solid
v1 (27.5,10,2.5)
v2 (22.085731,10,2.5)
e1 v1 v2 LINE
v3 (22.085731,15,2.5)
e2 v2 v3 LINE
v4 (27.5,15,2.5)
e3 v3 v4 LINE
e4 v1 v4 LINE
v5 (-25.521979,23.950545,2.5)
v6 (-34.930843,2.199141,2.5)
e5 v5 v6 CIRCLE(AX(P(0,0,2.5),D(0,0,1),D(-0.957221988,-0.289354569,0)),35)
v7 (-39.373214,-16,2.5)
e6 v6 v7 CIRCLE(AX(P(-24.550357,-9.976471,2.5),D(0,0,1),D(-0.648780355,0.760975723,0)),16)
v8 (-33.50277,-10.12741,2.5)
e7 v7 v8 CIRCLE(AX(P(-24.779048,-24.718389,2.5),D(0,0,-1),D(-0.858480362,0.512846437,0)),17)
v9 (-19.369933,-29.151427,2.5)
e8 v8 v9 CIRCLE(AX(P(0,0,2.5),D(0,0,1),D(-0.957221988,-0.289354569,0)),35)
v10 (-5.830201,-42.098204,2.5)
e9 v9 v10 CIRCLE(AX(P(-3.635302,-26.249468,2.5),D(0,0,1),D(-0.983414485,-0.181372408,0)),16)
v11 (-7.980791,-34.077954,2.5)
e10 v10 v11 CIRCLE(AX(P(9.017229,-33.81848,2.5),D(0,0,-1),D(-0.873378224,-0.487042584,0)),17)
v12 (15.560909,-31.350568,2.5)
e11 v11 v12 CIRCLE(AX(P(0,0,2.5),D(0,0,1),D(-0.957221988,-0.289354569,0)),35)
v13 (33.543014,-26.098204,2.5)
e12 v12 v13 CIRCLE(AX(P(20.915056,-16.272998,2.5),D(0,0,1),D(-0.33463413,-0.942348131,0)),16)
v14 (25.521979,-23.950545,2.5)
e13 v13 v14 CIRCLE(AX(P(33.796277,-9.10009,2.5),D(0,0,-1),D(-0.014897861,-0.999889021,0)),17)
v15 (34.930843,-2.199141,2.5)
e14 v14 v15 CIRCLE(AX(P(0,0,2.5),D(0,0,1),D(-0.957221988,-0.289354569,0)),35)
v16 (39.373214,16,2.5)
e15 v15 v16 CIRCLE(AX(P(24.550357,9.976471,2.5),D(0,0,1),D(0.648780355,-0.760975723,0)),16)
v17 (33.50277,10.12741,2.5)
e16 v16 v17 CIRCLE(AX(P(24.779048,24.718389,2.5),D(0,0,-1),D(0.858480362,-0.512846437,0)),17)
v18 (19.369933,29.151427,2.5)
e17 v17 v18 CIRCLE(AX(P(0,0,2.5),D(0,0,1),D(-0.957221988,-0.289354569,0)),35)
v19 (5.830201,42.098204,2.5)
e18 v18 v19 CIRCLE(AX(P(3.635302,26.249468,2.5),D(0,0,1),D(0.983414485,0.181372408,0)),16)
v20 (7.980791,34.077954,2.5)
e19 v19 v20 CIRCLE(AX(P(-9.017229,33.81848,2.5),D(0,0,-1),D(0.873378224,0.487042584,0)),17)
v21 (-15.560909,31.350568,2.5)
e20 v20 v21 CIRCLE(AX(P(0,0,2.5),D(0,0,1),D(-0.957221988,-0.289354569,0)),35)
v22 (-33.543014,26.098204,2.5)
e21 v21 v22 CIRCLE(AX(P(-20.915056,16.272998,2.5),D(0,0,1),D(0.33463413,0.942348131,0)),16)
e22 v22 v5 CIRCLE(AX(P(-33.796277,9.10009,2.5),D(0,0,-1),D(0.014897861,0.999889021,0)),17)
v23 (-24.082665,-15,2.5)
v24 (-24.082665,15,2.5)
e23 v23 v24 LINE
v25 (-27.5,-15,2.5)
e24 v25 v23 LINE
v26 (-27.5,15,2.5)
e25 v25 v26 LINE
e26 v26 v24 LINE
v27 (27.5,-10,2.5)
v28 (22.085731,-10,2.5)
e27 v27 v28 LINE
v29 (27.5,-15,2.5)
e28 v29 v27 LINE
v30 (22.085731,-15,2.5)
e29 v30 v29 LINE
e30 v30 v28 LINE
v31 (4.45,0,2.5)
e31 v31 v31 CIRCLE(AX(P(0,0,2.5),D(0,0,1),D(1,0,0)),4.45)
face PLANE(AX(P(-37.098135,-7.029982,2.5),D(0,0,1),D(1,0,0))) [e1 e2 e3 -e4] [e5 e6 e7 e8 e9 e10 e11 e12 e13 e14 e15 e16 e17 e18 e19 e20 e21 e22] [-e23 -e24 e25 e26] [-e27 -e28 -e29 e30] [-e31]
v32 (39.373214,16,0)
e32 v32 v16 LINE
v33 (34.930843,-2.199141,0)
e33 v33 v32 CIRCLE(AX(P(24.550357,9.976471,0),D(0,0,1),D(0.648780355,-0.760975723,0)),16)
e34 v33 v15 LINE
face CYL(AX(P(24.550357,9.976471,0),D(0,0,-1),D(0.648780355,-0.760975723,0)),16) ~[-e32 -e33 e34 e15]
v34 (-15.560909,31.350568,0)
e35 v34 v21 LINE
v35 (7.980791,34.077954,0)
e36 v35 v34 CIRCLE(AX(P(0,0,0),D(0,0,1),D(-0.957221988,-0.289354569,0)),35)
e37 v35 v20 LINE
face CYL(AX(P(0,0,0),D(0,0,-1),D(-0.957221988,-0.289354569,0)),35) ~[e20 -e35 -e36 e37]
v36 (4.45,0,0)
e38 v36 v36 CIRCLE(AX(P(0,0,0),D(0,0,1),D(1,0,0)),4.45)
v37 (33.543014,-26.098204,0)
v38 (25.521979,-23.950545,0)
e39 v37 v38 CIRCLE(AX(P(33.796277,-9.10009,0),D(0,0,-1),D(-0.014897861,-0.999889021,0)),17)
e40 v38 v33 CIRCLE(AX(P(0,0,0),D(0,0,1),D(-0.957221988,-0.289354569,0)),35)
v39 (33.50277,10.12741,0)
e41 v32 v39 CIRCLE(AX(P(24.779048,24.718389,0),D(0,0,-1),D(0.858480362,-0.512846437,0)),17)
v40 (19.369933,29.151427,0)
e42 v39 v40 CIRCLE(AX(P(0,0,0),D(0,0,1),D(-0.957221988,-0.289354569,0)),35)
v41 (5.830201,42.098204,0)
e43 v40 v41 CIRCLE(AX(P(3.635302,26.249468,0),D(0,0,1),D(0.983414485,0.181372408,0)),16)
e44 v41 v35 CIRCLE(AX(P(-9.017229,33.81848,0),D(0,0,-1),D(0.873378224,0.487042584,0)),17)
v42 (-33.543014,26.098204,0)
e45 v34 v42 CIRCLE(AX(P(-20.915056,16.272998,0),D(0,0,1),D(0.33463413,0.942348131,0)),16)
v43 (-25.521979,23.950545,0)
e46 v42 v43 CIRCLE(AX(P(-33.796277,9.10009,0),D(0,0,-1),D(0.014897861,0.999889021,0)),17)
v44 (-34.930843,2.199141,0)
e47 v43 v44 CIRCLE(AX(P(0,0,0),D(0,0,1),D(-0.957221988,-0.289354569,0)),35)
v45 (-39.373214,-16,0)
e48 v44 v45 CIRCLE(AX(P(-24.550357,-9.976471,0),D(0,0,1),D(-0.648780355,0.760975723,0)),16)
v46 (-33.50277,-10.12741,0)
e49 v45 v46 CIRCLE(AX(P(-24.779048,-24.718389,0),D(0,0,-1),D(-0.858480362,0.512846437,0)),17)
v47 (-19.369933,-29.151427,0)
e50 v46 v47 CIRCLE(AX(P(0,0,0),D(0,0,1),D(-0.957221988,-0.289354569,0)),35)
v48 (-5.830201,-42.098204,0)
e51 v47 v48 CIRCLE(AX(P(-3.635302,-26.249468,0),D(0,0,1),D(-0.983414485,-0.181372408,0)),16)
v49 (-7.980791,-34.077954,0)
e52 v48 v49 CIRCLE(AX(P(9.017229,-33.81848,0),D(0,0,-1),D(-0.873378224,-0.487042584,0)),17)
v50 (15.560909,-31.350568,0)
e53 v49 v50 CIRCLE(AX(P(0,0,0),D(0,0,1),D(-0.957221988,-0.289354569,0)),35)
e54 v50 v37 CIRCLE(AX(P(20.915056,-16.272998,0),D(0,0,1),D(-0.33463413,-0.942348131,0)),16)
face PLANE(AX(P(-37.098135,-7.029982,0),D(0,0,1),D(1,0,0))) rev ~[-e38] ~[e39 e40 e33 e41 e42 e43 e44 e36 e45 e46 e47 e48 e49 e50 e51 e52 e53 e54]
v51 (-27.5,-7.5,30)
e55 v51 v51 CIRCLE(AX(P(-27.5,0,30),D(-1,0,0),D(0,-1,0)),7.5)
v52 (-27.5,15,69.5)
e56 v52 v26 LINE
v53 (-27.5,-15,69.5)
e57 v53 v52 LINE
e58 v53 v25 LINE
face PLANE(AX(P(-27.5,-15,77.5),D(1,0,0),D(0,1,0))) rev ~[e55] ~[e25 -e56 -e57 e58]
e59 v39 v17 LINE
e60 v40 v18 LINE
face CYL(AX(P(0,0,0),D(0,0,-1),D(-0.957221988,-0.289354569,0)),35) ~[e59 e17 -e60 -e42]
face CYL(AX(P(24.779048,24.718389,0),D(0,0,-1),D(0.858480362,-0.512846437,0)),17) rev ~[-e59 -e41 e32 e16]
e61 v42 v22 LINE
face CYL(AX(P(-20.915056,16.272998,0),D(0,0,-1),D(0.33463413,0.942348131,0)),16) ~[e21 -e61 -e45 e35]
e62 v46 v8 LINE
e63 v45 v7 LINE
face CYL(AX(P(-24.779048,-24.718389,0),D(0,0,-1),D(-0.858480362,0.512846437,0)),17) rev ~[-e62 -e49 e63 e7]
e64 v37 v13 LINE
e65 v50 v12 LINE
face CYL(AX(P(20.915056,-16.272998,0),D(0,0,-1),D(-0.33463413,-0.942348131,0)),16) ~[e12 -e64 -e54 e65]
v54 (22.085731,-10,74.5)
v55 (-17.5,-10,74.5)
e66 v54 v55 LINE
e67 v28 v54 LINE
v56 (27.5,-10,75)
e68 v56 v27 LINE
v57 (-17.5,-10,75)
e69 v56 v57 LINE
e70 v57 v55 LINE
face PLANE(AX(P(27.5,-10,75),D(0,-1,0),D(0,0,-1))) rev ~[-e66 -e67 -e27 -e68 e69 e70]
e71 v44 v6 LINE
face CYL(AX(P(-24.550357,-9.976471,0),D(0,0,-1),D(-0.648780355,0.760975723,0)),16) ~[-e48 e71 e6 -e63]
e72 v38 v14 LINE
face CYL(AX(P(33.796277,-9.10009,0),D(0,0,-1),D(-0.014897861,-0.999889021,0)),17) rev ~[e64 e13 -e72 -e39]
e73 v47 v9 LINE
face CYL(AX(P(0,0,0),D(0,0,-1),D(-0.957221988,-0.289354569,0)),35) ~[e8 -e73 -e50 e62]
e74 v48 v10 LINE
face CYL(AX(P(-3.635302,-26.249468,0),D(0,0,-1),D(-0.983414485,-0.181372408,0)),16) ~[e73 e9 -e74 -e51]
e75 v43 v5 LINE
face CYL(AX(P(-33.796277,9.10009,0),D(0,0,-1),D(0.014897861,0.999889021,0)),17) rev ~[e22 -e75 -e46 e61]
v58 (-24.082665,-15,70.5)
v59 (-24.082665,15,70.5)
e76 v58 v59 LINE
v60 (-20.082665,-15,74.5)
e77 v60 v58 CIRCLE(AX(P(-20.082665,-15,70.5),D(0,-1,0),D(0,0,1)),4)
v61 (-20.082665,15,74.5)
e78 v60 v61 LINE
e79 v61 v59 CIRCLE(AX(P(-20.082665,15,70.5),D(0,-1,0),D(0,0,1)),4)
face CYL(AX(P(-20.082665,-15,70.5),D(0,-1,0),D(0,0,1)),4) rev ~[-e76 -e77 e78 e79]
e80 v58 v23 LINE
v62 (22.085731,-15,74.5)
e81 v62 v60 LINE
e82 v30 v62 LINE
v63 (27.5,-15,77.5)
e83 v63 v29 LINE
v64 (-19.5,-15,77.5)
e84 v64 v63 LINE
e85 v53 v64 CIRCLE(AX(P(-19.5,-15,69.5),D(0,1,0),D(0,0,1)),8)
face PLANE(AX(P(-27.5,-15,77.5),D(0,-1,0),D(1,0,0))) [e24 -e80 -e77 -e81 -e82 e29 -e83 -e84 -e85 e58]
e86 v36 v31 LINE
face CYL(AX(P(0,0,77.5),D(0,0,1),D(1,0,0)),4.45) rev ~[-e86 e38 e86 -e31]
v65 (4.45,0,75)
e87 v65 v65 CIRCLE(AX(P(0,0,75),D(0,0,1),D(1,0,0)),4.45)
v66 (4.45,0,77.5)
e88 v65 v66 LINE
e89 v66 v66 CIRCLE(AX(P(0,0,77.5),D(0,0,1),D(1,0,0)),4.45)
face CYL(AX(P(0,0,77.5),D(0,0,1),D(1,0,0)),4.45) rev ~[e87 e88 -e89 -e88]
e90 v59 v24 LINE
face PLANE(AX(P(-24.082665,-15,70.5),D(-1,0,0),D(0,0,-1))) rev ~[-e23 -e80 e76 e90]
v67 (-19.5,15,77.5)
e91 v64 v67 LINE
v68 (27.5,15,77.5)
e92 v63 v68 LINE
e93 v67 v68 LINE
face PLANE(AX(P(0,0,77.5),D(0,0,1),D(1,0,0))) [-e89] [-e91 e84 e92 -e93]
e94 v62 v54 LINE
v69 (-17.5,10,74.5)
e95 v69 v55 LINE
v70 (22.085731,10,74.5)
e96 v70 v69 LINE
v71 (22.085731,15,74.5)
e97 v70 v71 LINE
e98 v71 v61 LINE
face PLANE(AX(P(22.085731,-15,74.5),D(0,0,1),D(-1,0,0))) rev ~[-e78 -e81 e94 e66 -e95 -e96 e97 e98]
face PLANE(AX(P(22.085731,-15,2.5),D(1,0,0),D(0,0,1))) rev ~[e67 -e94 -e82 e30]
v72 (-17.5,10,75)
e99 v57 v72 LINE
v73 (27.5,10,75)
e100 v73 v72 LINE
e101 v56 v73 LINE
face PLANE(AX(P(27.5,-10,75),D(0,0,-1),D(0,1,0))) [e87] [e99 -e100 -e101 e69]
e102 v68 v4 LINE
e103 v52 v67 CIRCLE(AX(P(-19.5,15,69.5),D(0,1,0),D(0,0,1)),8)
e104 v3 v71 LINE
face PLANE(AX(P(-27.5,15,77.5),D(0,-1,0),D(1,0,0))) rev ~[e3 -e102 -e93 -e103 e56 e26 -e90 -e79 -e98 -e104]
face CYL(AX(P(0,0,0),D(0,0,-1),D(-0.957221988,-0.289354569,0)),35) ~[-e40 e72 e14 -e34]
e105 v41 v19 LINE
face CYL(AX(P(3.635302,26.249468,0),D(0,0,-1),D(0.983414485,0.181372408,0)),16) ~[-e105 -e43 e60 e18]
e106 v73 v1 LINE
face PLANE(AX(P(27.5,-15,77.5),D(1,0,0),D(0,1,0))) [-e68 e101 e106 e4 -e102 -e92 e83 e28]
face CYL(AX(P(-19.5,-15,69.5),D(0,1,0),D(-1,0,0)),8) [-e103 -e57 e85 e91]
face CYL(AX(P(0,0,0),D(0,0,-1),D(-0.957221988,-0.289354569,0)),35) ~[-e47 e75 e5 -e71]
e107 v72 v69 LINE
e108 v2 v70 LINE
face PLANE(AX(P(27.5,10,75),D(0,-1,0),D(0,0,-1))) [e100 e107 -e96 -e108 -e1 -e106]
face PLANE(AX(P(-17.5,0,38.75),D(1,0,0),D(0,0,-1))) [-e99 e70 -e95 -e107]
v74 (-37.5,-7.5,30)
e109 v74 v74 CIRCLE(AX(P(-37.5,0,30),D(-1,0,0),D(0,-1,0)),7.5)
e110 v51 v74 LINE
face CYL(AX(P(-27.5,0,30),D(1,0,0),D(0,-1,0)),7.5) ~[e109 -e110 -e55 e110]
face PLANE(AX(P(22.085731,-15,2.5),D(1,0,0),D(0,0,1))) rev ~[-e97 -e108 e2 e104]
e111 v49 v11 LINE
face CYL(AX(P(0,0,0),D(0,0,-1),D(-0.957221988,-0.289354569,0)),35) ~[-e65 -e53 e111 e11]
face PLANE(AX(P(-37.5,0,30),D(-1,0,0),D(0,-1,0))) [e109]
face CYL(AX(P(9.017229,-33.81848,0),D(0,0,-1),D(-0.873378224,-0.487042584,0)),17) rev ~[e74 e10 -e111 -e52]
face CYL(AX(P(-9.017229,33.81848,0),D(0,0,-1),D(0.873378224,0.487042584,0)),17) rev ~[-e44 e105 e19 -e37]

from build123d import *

# Parameters (mm, degrees)
SKETCH1_R           = 35
BOSS_EXTRUDE1_DEPTH = 2.5
SKETCH11_R          = 4.45
CUT_EXTRUDE5_DEPTH  = 10
BOSS_EXTRUDE4_START = 75
SKETCH5_W           = 55
SKETCH5_H           = 30
SKETCH5_R           = 4.45
BOSS_EXTRUDE4_DEPTH = 75
SKETCH6_W           = 72.5
SKETCH6_H           = 20
CUT_EXTRUDE2_DEPTH  = 45
SKETCH7_R           = 7.5
BOSS_EXTRUDE5_DEPTH = 10
CUT_EXTRUDE3_DEPTH  = 30
FILLET1_R           = 8


with BuildPart() as part:
    # Sketch1 → Boss-Extrude1 (new body)
    with BuildSketch(Plane.XY):
        with BuildLine():
            ThreePointArc((-33.502769568, -10.1274099), (-34.767453022, -4.027928789), (-34.930842804, 2.199140974))
            ThreePointArc((-34.930842804, 2.199140974), (-40.093982991, -6.182304711), (-39.373214245, -16))
            ThreePointArc((-39.373214245, -16), (-36.802059341, -12.69977052), (-33.502769568, -10.1274099))
        make_face()
        Circle(SKETCH1_R)
        with BuildLine():
            ThreePointArc((-25.521979032, 23.950544593), (-20.872015167, 28.095533148), (-15.560909452, 31.350567731))
            ThreePointArc((-15.560909452, 31.350567731), (-25.401024429, 31.631255454), (-33.543013583, 26.098203765))
            ThreePointArc((-33.543013583, 26.098203765), (-29.399353563, 25.521633041), (-25.521979032, 23.950544593))
        make_face()
        with BuildLine():
            ThreePointArc((7.980790536, 34.077954493), (13.895437855, 32.123461937), (19.369933352, 29.151426756))
            ThreePointArc((19.369933352, 29.151426756), (14.692958562, 37.813560165), (5.830200662, 42.098203765))
            ThreePointArc((5.830200662, 42.098203765), (7.402705778, 38.221403561), (7.980790536, 34.077954493))
        make_face()
        with BuildLine():
            ThreePointArc((34.930842804, -2.199140974), (40.093982991, 6.182304711), (39.373214245, 16))
            ThreePointArc((39.373214245, 16), (36.802059341, 12.69977052), (33.502769568, 10.1274099))
            ThreePointArc((33.502769568, 10.1274099), (34.623669179, 5.11874326), (35, 0))
            ThreePointArc((35, 0), (34.982706429, -1.100114056), (34.930842804, -2.199140974))
        make_face()
        with BuildLine():
            ThreePointArc((33.543013583, -26.098203765), (29.399353563, -25.521633041), (25.521979032, -23.950544593))
            ThreePointArc((25.521979032, -23.950544593), (20.872015167, -28.095533148), (15.560909452, -31.350567731))
            ThreePointArc((15.560909452, -31.350567731), (25.401024429, -31.631255454), (33.543013583, -26.098203765))
        make_face()
        with BuildLine():
            ThreePointArc((-5.830200662, -42.098203765), (-7.402705778, -38.221403561), (-7.980790536, -34.077954493))
            ThreePointArc((-7.980790536, -34.077954493), (-13.895437855, -32.123461937), (-19.369933352, -29.151426756))
            ThreePointArc((-19.369933352, -29.151426756), (-14.692958562, -37.813560165), (-5.830200662, -42.098203765))
        make_face()
    extrude(amount=BOSS_EXTRUDE1_DEPTH)

    # Sketch11 → Cut-Extrude5 (cut)
    with BuildSketch(Plane.XY.offset(2.5)):
        Circle(SKETCH11_R)
    extrude(amount=-CUT_EXTRUDE5_DEPTH, mode=Mode.SUBTRACT)

    # Sketch5 → Boss-Extrude4 (add)
    with BuildSketch(Plane.XY.offset(2.5).offset(BOSS_EXTRUDE4_START)):
        Rectangle(SKETCH5_W, SKETCH5_H)
        Circle(SKETCH5_R, mode=Mode.SUBTRACT)
    extrude(amount=-BOSS_EXTRUDE4_DEPTH)

    # Sketch6 → Cut-Extrude2 (cut)
    with BuildSketch(Plane(origin=(27.5, 0, 0), x_dir=(0, 0, -1), z_dir=(1, 0, 0))):
        with Locations((-38.75, 0)):
            Rectangle(SKETCH6_W, SKETCH6_H)
    extrude(amount=-CUT_EXTRUDE2_DEPTH, mode=Mode.SUBTRACT)

    # Sketch7 → Boss-Extrude5 (add)
    with BuildSketch(Plane.ZY.offset(27.5)):
        with Locations(Location((30, 0, 0), (0, 0, 270))):
            Circle(SKETCH7_R)
    extrude(amount=BOSS_EXTRUDE5_DEPTH)

    # Sketch8 → Cut-Extrude3 (cut)
    with BuildSketch(Plane.XZ.offset(15)):
        with BuildLine():
            Line((-24.082664687, 70.5), (-24.082664687, 2.5))
            Line((-24.082664687, 2.5), (22.085730974, 2.5))
            Line((22.085730974, 2.5), (22.085730974, 74.5))
            Line((22.085730974, 74.5), (-20.082664687, 74.5))
            ThreePointArc((-20.082664687, 74.5), (-22.911091812, 73.328427125), (-24.082664687, 70.5))
        make_face()
    extrude(amount=-CUT_EXTRUDE3_DEPTH, mode=Mode.SUBTRACT)

    # Fillet1
    fillet1_edges = [part.edges().sort_by_distance(p)[0] for p in [
        (-27.5, 0, 77.5),
    ]]
    fillet(fillet1_edges, radius=FILLET1_R)


solid = part.part
